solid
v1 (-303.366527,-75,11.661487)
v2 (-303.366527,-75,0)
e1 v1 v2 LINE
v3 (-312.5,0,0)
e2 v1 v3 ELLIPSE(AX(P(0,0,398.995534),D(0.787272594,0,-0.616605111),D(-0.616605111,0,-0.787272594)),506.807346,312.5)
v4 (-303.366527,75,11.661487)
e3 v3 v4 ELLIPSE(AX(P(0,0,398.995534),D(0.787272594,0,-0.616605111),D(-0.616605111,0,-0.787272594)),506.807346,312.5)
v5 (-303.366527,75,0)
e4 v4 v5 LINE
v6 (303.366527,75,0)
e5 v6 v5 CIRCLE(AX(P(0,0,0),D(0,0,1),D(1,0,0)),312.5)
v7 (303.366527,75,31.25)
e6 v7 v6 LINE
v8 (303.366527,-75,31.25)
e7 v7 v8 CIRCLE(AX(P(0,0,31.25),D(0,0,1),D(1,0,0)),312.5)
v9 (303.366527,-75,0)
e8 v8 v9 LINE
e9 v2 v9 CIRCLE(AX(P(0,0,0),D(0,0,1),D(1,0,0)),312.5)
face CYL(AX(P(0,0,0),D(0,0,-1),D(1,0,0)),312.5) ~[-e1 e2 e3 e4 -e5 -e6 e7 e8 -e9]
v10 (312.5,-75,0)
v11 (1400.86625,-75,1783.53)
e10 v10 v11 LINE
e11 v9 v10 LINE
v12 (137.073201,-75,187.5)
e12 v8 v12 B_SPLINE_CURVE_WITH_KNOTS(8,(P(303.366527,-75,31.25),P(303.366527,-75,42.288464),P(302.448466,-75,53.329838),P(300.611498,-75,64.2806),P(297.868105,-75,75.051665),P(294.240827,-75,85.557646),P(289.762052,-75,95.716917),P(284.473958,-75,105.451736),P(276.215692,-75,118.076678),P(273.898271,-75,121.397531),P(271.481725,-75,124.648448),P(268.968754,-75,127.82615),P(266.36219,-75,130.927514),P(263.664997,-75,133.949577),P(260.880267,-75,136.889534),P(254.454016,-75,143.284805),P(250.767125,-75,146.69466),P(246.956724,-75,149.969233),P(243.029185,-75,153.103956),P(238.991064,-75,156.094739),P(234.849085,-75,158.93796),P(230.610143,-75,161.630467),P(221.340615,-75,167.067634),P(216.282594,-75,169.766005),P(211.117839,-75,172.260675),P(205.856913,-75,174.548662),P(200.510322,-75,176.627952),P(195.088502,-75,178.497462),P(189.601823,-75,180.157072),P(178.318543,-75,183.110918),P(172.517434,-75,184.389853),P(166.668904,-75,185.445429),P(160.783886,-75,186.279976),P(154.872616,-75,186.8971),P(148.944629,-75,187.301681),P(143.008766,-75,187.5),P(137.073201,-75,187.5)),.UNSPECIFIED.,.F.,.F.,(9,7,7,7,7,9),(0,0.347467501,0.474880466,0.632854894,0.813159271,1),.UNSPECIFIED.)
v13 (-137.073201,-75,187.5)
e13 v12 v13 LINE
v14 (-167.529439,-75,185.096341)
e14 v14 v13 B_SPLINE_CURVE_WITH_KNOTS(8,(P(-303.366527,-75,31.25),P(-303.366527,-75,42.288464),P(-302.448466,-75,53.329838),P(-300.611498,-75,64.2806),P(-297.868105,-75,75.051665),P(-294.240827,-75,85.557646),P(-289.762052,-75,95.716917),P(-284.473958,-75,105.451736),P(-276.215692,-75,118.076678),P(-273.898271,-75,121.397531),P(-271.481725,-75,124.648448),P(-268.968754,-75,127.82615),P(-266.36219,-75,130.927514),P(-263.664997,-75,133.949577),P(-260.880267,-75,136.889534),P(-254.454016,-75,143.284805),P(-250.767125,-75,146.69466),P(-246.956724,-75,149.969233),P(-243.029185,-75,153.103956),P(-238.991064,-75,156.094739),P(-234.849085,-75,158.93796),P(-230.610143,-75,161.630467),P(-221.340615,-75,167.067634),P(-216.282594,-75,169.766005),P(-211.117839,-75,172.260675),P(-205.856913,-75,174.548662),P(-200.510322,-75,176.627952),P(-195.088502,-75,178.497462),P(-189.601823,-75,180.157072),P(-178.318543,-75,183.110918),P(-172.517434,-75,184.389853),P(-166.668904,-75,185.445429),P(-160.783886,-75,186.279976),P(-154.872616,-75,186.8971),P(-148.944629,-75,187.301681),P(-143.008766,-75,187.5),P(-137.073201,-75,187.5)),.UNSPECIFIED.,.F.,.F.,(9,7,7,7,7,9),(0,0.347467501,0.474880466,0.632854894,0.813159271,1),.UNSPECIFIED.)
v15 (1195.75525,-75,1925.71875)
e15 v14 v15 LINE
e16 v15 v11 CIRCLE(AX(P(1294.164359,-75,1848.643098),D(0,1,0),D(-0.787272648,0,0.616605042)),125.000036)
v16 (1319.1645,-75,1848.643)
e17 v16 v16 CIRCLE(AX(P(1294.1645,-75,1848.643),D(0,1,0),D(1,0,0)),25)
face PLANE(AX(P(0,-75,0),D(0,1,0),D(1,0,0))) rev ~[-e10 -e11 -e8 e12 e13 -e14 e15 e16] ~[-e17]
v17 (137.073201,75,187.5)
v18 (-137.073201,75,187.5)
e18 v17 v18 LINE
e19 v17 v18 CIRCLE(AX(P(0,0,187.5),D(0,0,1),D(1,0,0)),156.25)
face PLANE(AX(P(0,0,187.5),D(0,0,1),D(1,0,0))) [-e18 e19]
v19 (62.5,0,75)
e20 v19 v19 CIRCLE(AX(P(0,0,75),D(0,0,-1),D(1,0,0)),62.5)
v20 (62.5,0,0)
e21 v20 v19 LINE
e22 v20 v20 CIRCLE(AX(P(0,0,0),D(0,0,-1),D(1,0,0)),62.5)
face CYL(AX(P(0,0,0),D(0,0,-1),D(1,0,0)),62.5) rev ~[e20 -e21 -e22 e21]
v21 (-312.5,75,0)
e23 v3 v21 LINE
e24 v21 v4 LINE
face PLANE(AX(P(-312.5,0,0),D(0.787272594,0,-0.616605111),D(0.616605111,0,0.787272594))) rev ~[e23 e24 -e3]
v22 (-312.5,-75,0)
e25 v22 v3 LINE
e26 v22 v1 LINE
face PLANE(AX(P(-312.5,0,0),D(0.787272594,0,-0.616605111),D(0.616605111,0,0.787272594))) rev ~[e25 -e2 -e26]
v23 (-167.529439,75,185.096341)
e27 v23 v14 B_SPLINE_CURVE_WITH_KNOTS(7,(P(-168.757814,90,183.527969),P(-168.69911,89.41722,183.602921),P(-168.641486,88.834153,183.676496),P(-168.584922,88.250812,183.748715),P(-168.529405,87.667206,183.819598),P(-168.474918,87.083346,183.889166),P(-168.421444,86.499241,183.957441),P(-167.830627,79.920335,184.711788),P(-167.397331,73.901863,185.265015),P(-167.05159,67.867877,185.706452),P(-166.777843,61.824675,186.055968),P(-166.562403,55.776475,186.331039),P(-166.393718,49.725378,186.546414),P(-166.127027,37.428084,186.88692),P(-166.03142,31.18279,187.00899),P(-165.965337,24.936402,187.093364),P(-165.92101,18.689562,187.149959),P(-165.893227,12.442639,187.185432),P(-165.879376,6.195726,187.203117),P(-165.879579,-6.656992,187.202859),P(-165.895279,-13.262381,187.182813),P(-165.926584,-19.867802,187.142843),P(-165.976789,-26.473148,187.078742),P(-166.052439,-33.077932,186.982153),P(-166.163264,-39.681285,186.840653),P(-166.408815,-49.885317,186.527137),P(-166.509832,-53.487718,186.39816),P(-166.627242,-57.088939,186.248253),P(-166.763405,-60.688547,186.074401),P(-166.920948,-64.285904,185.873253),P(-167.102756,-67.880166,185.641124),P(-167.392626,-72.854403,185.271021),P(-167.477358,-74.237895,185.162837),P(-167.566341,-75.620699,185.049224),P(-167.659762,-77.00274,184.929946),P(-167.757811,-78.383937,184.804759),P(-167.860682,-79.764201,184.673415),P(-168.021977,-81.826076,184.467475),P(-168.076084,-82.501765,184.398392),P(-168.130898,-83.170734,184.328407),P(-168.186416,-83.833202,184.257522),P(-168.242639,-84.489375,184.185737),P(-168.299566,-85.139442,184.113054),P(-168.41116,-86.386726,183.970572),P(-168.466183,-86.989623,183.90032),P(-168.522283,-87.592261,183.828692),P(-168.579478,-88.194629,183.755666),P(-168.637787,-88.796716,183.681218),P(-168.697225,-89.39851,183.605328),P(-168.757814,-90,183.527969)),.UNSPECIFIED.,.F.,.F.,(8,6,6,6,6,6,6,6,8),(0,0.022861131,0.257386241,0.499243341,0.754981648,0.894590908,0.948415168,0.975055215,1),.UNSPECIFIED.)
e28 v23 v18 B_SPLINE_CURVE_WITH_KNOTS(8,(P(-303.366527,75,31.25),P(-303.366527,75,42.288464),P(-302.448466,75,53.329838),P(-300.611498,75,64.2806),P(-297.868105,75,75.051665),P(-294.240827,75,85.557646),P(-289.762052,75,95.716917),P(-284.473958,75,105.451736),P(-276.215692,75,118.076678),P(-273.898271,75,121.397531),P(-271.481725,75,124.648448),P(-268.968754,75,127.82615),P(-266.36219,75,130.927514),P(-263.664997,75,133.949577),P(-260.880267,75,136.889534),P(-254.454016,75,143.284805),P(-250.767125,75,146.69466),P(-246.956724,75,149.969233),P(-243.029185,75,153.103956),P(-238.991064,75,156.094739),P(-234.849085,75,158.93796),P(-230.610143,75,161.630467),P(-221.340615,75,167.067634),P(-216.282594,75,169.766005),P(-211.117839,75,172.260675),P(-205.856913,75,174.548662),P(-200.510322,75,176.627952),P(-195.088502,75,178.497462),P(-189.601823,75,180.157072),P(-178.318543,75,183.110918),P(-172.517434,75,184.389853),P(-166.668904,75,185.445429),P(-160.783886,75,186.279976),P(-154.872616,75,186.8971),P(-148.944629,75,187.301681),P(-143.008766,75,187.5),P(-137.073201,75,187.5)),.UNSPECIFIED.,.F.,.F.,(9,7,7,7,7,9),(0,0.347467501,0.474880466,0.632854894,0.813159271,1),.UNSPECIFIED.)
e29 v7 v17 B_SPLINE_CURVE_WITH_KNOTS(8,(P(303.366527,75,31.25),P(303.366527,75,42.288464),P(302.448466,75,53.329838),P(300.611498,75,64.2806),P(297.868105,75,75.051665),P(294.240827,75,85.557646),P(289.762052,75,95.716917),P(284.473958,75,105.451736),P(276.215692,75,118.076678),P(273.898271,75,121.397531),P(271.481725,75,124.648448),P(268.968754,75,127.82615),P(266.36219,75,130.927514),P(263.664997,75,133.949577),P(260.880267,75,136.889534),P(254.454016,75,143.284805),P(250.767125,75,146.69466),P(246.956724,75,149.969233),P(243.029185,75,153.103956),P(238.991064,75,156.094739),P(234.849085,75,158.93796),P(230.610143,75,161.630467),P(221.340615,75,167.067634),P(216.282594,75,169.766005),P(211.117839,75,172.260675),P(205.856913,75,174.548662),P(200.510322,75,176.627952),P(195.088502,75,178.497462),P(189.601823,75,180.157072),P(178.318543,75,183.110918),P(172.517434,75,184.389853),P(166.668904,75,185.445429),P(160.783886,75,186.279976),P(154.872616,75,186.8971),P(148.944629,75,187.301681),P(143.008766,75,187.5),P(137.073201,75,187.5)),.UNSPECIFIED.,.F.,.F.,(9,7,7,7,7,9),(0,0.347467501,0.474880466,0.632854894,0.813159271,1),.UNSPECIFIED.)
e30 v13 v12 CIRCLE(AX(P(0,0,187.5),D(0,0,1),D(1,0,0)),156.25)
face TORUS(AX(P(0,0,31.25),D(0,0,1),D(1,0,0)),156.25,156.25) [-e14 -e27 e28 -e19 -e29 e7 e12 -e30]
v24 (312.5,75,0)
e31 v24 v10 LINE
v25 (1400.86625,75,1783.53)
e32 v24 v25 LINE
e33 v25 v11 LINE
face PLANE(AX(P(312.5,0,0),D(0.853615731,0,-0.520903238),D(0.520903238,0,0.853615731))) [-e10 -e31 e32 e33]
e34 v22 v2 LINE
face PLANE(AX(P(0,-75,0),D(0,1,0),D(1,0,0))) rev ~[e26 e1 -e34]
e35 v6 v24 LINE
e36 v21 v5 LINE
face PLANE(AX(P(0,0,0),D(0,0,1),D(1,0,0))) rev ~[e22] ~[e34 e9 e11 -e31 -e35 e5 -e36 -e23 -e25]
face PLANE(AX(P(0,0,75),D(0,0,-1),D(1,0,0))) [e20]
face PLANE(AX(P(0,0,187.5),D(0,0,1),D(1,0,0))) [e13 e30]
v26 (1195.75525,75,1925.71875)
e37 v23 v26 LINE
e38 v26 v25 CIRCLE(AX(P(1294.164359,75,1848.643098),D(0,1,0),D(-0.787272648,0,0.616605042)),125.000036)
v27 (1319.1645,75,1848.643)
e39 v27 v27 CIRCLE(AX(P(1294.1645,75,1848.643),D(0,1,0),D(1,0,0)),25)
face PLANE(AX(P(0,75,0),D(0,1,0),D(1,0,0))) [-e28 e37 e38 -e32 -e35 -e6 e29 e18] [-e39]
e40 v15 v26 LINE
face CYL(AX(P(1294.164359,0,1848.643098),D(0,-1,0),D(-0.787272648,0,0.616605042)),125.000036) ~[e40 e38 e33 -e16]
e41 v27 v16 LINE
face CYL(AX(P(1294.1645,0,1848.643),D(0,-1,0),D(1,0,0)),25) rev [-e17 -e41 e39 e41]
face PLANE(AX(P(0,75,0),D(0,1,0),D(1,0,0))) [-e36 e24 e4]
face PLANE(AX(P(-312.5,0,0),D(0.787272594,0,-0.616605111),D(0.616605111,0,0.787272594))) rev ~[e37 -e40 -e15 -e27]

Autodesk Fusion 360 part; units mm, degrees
sketch "Sketch1" plane through (0, 0, 0) normal (0, 0, 1) x (1, 0, 0)
  circle A0 centre (0, 0) radius 125
  dimension "d1" = 250
extrude "Extrude1" add sketch "Sketch1" along normal blind 75
fillet "Fillet1" radius 62.5 1 edges at (-116.5409, -45.2019, 75)
sketch "Sketch2" plane through (0, 0, 0) normal (0, 0, -1) x (1, 0, 0)
  circle A0 centre (0, 0) radius 125
  circle A1 centre (0, 0) radius 25
  dimension "d6" = 50
extrude "Extrude2" cut sketch "Sketch2" against normal blind 25 contours A1
sketch "Sketch3" plane through (0, 0, 0) normal (0, 1, 0) x (1, 0, 0)
  line L0 (62.5, -75) -> (-62.5, -75)
  line L1 (-125, 0) -> (125, 0)
  line L2 (-125, 0) -> (478.3021, -770.2875)
  line L3 (125, 0) -> (560.3465, -713.412)
  arc A0 (478.3021, -770.2875) -> (560.3465, -713.412) centre (517.6658, -739.4572) ccw
  circle A1 centre (517.6658, -739.4572) radius 10
  dimension "d23" = 100
  dimension "d24" = 20
extrude "Extrude6" add sketch "Sketch3" along normal blind 30 and the other way blind 30
sketch "Sketch5" plane through (0, 0, 0) normal (0, 0, -1) x (1, 0, 0)
  arc A0 (121.3466, 30) -> (-121.3466, 30) centre (0, 0) ccw
  line L0 (-121.3466, 30) -> (-125, 30)
  line L1 (-125, 30) -> (-125, 0)
  line L2 (-125, 0) -> (-125, -30)
  line L3 (-125, -30) -> (-121.3466, -30)
  arc A1 (-121.3466, -30) -> (121.3466, -30) centre (0, 0) ccw
  line L4 (121.3466, -30) -> (125, -30)
  line L5 (125, -30) -> (125, 30)
  line L6 (125, 30) -> (121.3466, 30)
  circle A2 centre (0, 0) radius 25
  dimension "d29" = 50
extrude "Extrude7" cut sketch "Sketch5" against normal blind 30 contours A2
scale "Scale1" factor 2.5 about (0, 0, 0) bodies 1
